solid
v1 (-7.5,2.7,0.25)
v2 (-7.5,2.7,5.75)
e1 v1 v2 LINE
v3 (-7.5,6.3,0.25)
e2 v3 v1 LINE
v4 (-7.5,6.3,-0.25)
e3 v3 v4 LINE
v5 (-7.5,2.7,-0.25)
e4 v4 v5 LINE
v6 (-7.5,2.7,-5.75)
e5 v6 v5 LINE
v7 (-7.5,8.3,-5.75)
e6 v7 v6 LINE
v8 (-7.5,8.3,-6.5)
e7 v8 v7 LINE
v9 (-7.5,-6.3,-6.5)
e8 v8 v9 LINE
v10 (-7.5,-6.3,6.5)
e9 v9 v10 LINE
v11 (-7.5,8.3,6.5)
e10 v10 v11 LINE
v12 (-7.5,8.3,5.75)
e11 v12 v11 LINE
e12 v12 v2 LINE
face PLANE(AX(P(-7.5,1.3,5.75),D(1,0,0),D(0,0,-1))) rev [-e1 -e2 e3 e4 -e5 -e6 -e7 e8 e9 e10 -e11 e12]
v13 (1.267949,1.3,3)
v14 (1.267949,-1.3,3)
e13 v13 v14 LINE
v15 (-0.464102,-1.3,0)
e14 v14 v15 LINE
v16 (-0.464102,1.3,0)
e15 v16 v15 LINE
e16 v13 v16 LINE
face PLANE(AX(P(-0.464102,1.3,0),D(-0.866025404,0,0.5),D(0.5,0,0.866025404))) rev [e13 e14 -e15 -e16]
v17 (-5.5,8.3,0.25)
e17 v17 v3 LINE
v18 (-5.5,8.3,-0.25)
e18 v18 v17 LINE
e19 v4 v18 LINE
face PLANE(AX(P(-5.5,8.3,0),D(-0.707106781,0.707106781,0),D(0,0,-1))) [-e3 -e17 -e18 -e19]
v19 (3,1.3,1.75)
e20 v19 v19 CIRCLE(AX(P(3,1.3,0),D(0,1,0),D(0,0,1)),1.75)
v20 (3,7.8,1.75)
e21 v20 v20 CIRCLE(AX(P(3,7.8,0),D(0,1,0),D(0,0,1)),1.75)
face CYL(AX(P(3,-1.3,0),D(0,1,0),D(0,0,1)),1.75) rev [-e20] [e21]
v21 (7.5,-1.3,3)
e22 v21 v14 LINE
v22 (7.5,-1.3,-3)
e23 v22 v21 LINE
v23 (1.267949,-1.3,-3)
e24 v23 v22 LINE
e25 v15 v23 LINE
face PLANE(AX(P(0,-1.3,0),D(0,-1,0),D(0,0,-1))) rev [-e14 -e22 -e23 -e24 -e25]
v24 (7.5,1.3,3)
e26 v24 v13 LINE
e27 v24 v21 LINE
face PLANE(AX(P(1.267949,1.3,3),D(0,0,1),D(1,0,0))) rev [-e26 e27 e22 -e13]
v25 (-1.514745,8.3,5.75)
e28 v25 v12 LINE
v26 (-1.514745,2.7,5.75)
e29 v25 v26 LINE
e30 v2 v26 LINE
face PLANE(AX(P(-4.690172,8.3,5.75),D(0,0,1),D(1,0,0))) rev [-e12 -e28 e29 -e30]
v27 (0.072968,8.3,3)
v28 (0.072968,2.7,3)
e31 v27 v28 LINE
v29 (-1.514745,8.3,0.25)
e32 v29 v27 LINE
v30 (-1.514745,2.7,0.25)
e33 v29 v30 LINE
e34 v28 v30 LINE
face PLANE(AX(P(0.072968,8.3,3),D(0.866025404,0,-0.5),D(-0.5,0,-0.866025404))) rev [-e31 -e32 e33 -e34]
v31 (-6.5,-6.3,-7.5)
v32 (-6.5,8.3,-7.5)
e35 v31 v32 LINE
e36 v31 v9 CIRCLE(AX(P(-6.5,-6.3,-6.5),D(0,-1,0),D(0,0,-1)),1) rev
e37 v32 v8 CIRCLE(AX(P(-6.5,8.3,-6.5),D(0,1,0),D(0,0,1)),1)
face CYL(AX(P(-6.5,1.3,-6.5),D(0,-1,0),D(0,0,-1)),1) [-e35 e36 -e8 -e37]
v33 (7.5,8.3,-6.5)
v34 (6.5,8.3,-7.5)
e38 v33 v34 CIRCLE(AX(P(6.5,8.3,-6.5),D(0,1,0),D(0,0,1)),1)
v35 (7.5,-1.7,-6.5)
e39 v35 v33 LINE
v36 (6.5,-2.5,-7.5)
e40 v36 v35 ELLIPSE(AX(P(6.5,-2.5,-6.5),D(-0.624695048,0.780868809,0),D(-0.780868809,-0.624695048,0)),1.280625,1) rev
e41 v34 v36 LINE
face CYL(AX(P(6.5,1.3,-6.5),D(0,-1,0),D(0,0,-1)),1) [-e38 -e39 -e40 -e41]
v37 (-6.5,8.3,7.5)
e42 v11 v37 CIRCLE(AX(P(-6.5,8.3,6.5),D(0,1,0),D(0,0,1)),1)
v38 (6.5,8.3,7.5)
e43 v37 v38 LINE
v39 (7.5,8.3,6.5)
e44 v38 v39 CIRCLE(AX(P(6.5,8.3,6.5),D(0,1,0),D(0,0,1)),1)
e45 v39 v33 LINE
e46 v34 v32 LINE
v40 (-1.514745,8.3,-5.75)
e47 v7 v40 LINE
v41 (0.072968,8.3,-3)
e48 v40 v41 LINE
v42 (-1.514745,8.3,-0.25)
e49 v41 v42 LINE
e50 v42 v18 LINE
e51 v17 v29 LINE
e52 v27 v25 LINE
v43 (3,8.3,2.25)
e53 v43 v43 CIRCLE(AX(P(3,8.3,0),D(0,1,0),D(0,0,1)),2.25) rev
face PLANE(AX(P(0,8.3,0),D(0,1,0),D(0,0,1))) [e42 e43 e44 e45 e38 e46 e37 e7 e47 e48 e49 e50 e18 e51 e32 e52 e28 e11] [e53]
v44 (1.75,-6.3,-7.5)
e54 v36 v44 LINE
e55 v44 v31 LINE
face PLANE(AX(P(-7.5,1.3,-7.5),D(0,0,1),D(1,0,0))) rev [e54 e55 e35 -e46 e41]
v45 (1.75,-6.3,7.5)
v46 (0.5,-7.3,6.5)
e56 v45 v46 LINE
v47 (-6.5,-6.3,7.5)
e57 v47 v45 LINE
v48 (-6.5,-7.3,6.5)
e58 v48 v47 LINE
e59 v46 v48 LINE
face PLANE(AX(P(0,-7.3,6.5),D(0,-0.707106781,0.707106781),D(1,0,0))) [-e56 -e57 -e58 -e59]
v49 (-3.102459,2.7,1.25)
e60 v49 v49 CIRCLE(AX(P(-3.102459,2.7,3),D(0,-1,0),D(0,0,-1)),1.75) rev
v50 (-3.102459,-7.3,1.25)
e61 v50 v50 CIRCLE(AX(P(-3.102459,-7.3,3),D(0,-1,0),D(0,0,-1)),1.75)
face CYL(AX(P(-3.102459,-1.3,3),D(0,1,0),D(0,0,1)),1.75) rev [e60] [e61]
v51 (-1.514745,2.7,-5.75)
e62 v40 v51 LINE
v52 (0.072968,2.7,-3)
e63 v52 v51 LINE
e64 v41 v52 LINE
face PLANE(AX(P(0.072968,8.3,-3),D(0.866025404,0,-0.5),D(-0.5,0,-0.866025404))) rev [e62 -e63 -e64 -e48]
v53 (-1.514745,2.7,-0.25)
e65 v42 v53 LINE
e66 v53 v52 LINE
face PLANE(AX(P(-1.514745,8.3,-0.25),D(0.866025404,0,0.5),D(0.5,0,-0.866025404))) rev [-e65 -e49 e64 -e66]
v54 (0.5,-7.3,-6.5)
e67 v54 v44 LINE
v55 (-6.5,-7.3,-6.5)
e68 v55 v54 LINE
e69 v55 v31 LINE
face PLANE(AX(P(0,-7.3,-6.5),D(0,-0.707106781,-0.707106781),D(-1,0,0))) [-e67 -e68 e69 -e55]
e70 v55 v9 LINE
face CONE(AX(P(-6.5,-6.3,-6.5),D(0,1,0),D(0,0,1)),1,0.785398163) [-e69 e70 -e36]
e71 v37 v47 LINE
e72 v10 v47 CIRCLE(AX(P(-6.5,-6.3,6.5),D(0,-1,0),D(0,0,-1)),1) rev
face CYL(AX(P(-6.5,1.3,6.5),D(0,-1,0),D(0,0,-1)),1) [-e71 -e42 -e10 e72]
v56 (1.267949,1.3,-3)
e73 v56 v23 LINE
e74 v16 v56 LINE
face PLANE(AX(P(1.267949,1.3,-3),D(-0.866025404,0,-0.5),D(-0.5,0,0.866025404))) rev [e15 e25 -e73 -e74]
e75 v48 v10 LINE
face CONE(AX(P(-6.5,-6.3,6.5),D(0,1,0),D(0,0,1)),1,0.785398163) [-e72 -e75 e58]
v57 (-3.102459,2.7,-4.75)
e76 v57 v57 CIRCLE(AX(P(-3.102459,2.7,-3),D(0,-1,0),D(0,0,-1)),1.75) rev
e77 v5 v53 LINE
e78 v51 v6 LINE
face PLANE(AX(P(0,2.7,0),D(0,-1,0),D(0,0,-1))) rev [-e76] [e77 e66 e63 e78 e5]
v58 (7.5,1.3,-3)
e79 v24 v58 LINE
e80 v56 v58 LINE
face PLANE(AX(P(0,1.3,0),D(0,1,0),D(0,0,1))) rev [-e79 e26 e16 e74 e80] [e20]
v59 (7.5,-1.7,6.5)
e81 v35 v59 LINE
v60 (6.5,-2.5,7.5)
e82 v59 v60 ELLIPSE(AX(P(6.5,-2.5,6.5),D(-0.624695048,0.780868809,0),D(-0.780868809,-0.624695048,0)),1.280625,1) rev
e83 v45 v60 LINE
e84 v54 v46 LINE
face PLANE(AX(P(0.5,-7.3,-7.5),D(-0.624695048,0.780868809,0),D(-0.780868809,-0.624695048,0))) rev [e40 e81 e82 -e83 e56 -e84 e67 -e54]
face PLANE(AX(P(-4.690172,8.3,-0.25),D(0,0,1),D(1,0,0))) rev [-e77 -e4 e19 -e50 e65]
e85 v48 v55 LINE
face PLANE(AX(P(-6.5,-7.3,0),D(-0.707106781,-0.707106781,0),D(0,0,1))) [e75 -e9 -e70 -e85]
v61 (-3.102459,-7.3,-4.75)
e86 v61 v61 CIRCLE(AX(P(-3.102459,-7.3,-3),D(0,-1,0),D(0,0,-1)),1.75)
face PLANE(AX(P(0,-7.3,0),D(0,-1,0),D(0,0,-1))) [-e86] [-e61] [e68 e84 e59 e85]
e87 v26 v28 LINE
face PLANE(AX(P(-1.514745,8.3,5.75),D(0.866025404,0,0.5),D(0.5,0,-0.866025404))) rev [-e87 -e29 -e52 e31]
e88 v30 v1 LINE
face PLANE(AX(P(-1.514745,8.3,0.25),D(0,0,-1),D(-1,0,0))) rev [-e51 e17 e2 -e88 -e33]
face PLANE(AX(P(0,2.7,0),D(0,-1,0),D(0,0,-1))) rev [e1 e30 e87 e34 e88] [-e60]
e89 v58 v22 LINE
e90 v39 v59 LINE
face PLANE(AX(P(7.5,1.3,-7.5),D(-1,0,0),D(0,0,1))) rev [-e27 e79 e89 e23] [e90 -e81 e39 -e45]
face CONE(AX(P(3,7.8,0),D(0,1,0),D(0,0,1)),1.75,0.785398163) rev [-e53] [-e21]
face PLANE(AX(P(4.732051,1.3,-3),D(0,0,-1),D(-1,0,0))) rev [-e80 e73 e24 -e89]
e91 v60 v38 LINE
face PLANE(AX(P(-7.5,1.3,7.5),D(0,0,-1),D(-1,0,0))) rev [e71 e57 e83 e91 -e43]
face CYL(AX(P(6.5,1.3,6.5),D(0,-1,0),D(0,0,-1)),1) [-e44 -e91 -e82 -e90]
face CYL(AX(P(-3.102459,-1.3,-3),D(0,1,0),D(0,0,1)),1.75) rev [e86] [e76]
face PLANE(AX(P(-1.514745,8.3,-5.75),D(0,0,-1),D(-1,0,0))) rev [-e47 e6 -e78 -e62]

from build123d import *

# Parameters (mm, degrees)
BOSS_EXTRUDE1_DEPTH     = 1.3
SKETCH3_W               = 15
SKETCH3_H               = 15
BOSS_EXTRUDE2_DEPTH     = 5.5
SKETCH5_R               = 1.75
CUT_EXTRUDE1_DEPTH      = 14.345785852
BOSS_EXTRUDE3_START     = 1.5
SKETCH8_R               = 1.75
BOSS_EXTRUDE3_DEPTH     = 1.5
SKETCH9_R               = 1.75
BOSS_EXTRUDE4_DEPTH     = 6
CUT_EXTRUDE3_DEPTH      = 4.1
CUT_EXTRUDE4_DEPTH      = 19.712028217
CUT_EXTRUDE4_DEPTH_BACK = 19.712028217
CHAMFER1_SIZE           = 0.5
CHAMFER2_SIZE           = 2
FILLET1_R               = 1
CHAMFER3_SIZE           = 1


with BuildPart() as part:
    # Sketch2 → Boss-Extrude1 (new, symmetric)
    with BuildSketch(Plane(origin=(0, 0, 0), x_dir=(1, 0, 0), z_dir=(0, 1, 0))):
        Polygon((-7.5, 7.5), (7.5, 7.5), (7.5, 3), (4.732050808, 3), (1.267949192, 3), (-0.464101615, 0), (1.267949192, -3), (4.732050808, -3), (7.5, -3), (7.5, -7.5), (-7.5, -7.5), (-7.5, -5.75), (-7.5, 5.75), align=None)
    extrude(amount=BOSS_EXTRUDE1_DEPTH, both=True)

    # Sketch3 → Boss-Extrude2 (add)
    with BuildSketch(Plane(origin=(0, 1.3, 0), x_dir=(1, 0, 0), z_dir=(0, 1, 0))):
        Rectangle(SKETCH3_W, SKETCH3_H)
    extrude(amount=BOSS_EXTRUDE2_DEPTH)

    # Sketch5 → Cut-Extrude1 (cut, through all)
    with BuildSketch(Plane(origin=(0, 6.8, 0), x_dir=(1, 0, 0), z_dir=(0, 1, 0))):
        with Locations(Location((-3.102458521, 3, 0), (0, 0, 270))):
            Circle(SKETCH5_R)
        with Locations(Location((-3.102458521, -3, 0), (0, 0, 270))):
            Circle(SKETCH5_R)
        with Locations(Location((3, 0, 0), (0, 0, 270))):
            Circle(SKETCH5_R)
    extrude(amount=-CUT_EXTRUDE1_DEPTH, mode=Mode.SUBTRACT)

    # Sketch8 → Boss-Extrude3 (add)
    with BuildSketch(Plane(origin=(0, 6.8, 0), x_dir=(1, 0, 0), z_dir=(0, 1, 0)).offset(BOSS_EXTRUDE3_START)):
        Polygon((-7.5, 7.5), (7.5, 7.5), (7.5, 2.75), (7.5, -2.75), (7.5, -7.5), (-7.5, -7.5), (-7.5, -5.75), (-4.690171761, -5.75), (-1.514745281, -5.75), (0.07296796, -3), (-1.514745281, -0.25), (-4.690171761, -0.25), (-7.5, -0.25), (-7.5, 0.25), (-4.690171761, 0.25), (-1.514745281, 0.25), (0.07296796, 3), (-1.514745281, 5.75), (-4.690171761, 5.75), (-7.5, 5.75), align=None)
        with Locations(Location((3, 0, 0), (0, 0, 270))):
            Circle(SKETCH8_R, mode=Mode.SUBTRACT)
    extrude(amount=-BOSS_EXTRUDE3_DEPTH)

    # Sketch9 → Boss-Extrude4 (add)
    with BuildSketch(Plane.XZ.offset(1.3)):
        Polygon((7.5, 3), (7.5, -3), (7.5, -7.5), (-7.5, -7.5), (-7.5, 7.5), (7.5, 7.5), align=None)
        with Locations(Location((-3.102458521, 3, 0), (0, 0, 90))):
            Circle(SKETCH9_R, mode=Mode.SUBTRACT)
        with Locations(Location((-3.102458521, -3, 0), (0, 0, 90))):
            Circle(SKETCH9_R, mode=Mode.SUBTRACT)
    extrude(amount=BOSS_EXTRUDE4_DEPTH)

    # Sketch11 → Cut-Extrude3 (cut)
    with BuildSketch(Plane(origin=(0, 6.8, 0), x_dir=(1, 0, 0), z_dir=(0, 1, 0))):
        Polygon((-7.5, 0.25), (-1.514745281, 0.25), (0.07296796, 3), (-1.514745281, 5.75), (-7.5, 5.75), align=None)
        Polygon((-7.5, -5.75), (-1.514745281, -5.75), (0.07296796, -3), (-1.514745281, -0.25), (-7.5, -0.25), align=None)
    extrude(amount=-CUT_EXTRUDE3_DEPTH, mode=Mode.SUBTRACT)

    # Sketch10 → Cut-Extrude4 (cut, two sides: drawn at the far end of the back side and taken through both)
    with BuildSketch(Plane.XY.offset(7.5).offset(-CUT_EXTRUDE4_DEPTH_BACK)):
        Polygon((0.5, -7.3), (7.5, -1.7), (7.5, -7.3), align=None)
    extrude(amount=CUT_EXTRUDE4_DEPTH + CUT_EXTRUDE4_DEPTH_BACK, mode=Mode.SUBTRACT)

    # Chamfer1
    chamfer1_edges = [part.edges().sort_by_distance(p)[0] for p in [
        (3, 8.3, -1.75),
    ]]
    chamfer(chamfer1_edges, length=CHAMFER1_SIZE)

    # Chamfer2
    chamfer2_edges = [part.edges().sort_by_distance(p)[0] for p in [
        (-7.5, 8.3, 0),
    ]]
    chamfer(chamfer2_edges, length=CHAMFER2_SIZE)

    # Fillet1
    fillet1_edges = [part.edges().sort_by_distance(p)[0] for p in [
        (7.5, 3.3, 7.5),
        (-7.5, 0.5, 7.5),
        (-7.5, 0.5, -7.5),
        (7.5, 3.3, -7.5),
    ]]
    fillet(fillet1_edges, radius=FILLET1_R)

    # Chamfer3
    chamfer3_edges = [part.edges().sort_by_distance(p)[0] for p in [
        (-3, -7.3, 7.5),
        (-7.5, -7.3, 0),
        (-3, -7.3, -7.5),
        (-7.207106781, -7.3, -7.207106781),
        (-7.207106781, -7.3, 7.207106781),
    ]]
    chamfer(chamfer3_edges, length=CHAMFER3_SIZE)


solid = part.part
